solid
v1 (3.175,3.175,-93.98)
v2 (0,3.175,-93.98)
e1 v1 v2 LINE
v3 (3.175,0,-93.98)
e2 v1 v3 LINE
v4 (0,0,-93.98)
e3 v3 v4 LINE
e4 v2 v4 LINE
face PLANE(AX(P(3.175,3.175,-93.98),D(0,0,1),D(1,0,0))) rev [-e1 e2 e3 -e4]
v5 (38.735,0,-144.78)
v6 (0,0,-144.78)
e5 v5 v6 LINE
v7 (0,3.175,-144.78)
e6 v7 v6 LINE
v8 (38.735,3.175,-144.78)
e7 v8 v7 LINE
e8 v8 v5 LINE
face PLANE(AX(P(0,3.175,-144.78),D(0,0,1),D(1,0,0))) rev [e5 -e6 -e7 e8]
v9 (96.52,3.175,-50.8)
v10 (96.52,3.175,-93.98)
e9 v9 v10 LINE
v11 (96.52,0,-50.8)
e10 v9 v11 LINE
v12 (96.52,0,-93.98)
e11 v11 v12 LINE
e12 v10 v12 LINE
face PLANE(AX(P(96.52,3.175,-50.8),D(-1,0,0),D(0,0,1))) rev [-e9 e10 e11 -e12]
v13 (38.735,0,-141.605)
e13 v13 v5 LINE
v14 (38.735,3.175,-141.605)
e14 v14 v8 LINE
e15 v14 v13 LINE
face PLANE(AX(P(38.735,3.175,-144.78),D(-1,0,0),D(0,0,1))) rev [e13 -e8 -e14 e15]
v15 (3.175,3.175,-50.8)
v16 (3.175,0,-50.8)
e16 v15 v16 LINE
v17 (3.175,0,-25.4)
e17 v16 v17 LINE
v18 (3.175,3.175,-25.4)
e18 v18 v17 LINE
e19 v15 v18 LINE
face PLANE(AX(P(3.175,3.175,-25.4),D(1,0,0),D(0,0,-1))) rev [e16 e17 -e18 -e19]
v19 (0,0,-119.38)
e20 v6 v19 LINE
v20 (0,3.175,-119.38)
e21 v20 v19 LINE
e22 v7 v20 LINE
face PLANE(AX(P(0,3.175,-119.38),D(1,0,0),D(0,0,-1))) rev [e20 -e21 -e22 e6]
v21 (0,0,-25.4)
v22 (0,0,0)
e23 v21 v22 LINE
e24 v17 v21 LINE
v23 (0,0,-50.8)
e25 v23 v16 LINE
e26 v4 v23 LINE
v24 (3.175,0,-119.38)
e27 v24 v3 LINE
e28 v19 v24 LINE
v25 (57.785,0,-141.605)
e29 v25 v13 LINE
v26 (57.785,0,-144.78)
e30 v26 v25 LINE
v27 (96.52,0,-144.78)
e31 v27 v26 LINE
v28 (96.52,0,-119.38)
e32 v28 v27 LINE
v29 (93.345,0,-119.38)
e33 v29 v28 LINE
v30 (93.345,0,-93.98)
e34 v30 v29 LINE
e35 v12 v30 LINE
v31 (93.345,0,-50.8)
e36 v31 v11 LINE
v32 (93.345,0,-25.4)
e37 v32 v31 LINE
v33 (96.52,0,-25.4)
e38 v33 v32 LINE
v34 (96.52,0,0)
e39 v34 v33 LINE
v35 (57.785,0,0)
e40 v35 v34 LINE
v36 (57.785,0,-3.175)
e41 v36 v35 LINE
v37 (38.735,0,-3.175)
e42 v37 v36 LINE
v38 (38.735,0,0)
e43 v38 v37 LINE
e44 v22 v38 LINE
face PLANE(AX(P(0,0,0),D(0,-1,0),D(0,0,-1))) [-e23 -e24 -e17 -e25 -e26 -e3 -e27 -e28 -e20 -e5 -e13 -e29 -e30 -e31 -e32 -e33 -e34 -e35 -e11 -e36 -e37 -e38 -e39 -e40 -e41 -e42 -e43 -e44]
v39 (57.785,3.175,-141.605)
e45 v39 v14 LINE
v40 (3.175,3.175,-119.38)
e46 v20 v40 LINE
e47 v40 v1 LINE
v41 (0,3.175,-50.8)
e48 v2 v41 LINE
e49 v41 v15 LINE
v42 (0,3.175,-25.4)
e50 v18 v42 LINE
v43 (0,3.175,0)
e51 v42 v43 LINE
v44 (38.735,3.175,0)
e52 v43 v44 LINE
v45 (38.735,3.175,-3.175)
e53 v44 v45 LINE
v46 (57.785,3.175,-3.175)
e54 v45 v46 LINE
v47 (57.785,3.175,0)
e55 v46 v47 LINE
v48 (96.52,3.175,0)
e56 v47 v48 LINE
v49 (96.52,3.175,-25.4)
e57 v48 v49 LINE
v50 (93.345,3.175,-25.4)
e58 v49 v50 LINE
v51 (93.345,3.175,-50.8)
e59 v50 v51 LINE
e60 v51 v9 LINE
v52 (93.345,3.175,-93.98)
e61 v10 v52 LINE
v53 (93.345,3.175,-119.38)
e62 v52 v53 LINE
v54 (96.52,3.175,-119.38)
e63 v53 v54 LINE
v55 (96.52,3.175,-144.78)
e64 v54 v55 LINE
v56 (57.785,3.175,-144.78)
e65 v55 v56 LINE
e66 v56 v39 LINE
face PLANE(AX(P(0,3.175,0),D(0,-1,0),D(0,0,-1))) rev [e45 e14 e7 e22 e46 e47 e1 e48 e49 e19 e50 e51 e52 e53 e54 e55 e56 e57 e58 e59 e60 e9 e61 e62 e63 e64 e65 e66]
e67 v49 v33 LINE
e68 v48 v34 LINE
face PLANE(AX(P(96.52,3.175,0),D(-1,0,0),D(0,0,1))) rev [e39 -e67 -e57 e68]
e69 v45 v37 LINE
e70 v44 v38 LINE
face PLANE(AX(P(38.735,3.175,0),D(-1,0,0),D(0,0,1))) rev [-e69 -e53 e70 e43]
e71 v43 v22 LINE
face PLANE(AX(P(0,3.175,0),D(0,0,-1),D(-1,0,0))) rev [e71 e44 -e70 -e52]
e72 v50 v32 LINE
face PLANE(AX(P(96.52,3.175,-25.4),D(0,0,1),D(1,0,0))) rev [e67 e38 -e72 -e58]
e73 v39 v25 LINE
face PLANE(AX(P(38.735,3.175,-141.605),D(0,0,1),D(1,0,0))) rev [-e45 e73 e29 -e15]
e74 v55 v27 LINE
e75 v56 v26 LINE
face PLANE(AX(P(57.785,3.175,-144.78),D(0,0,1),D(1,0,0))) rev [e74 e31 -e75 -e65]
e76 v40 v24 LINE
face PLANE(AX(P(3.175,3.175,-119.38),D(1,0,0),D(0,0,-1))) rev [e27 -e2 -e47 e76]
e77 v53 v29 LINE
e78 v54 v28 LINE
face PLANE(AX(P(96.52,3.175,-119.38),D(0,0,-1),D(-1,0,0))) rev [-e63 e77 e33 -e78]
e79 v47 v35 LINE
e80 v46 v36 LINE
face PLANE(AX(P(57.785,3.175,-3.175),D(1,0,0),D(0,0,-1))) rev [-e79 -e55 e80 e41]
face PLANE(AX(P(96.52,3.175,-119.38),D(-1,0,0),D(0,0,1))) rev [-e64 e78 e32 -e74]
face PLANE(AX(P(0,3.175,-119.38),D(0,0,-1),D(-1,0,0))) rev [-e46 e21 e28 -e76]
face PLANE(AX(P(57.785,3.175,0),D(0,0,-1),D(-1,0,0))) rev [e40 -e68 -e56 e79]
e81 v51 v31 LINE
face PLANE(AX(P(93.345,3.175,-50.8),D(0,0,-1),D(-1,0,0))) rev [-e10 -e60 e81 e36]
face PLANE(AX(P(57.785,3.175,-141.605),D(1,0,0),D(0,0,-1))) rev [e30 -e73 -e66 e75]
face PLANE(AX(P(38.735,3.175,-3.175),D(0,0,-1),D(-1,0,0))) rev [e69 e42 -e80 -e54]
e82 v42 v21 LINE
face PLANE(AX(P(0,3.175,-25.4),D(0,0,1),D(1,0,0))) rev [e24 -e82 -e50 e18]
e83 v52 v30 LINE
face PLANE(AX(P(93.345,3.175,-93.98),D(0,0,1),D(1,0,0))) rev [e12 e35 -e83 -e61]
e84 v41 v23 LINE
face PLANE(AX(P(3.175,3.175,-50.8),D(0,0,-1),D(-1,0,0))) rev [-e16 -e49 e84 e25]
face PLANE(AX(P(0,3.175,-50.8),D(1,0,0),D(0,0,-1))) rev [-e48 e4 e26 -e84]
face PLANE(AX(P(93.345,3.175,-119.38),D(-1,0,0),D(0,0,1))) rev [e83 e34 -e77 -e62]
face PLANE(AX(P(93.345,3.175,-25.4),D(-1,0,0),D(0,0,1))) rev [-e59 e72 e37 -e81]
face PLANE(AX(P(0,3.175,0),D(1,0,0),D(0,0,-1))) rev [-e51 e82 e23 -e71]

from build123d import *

# Parameters (mm, degrees)
BOSS_EXTRUDE1_DEPTH = 3.175


with BuildPart() as part:
    # Sketch1 → Boss-Extrude1 (new body)
    with BuildSketch(Plane(origin=(0, 0, 0), x_dir=(1, 0, 0), z_dir=(0, 1, 0))):
        Polygon((38.735, 144.78), (38.735, 141.605), (57.785, 141.605), (57.785, 144.78), (96.52, 144.78), (96.52, 119.38), (93.345, 119.38), (93.345, 93.98), (96.52, 93.98), (96.52, 50.8), (93.345, 50.8), (93.345, 25.4), (96.52, 25.4), (96.52, 0), (57.785, 0), (57.785, 3.175), (38.735, 3.175), (38.735, 0), (0, 0), (0, 25.4), (3.175, 25.4), (3.175, 50.8), (0, 50.8), (0, 93.98), (3.175, 93.98), (3.175, 119.38), (0, 119.38), (0, 144.78), align=None)
    extrude(amount=BOSS_EXTRUDE1_DEPTH)


solid = part.part
